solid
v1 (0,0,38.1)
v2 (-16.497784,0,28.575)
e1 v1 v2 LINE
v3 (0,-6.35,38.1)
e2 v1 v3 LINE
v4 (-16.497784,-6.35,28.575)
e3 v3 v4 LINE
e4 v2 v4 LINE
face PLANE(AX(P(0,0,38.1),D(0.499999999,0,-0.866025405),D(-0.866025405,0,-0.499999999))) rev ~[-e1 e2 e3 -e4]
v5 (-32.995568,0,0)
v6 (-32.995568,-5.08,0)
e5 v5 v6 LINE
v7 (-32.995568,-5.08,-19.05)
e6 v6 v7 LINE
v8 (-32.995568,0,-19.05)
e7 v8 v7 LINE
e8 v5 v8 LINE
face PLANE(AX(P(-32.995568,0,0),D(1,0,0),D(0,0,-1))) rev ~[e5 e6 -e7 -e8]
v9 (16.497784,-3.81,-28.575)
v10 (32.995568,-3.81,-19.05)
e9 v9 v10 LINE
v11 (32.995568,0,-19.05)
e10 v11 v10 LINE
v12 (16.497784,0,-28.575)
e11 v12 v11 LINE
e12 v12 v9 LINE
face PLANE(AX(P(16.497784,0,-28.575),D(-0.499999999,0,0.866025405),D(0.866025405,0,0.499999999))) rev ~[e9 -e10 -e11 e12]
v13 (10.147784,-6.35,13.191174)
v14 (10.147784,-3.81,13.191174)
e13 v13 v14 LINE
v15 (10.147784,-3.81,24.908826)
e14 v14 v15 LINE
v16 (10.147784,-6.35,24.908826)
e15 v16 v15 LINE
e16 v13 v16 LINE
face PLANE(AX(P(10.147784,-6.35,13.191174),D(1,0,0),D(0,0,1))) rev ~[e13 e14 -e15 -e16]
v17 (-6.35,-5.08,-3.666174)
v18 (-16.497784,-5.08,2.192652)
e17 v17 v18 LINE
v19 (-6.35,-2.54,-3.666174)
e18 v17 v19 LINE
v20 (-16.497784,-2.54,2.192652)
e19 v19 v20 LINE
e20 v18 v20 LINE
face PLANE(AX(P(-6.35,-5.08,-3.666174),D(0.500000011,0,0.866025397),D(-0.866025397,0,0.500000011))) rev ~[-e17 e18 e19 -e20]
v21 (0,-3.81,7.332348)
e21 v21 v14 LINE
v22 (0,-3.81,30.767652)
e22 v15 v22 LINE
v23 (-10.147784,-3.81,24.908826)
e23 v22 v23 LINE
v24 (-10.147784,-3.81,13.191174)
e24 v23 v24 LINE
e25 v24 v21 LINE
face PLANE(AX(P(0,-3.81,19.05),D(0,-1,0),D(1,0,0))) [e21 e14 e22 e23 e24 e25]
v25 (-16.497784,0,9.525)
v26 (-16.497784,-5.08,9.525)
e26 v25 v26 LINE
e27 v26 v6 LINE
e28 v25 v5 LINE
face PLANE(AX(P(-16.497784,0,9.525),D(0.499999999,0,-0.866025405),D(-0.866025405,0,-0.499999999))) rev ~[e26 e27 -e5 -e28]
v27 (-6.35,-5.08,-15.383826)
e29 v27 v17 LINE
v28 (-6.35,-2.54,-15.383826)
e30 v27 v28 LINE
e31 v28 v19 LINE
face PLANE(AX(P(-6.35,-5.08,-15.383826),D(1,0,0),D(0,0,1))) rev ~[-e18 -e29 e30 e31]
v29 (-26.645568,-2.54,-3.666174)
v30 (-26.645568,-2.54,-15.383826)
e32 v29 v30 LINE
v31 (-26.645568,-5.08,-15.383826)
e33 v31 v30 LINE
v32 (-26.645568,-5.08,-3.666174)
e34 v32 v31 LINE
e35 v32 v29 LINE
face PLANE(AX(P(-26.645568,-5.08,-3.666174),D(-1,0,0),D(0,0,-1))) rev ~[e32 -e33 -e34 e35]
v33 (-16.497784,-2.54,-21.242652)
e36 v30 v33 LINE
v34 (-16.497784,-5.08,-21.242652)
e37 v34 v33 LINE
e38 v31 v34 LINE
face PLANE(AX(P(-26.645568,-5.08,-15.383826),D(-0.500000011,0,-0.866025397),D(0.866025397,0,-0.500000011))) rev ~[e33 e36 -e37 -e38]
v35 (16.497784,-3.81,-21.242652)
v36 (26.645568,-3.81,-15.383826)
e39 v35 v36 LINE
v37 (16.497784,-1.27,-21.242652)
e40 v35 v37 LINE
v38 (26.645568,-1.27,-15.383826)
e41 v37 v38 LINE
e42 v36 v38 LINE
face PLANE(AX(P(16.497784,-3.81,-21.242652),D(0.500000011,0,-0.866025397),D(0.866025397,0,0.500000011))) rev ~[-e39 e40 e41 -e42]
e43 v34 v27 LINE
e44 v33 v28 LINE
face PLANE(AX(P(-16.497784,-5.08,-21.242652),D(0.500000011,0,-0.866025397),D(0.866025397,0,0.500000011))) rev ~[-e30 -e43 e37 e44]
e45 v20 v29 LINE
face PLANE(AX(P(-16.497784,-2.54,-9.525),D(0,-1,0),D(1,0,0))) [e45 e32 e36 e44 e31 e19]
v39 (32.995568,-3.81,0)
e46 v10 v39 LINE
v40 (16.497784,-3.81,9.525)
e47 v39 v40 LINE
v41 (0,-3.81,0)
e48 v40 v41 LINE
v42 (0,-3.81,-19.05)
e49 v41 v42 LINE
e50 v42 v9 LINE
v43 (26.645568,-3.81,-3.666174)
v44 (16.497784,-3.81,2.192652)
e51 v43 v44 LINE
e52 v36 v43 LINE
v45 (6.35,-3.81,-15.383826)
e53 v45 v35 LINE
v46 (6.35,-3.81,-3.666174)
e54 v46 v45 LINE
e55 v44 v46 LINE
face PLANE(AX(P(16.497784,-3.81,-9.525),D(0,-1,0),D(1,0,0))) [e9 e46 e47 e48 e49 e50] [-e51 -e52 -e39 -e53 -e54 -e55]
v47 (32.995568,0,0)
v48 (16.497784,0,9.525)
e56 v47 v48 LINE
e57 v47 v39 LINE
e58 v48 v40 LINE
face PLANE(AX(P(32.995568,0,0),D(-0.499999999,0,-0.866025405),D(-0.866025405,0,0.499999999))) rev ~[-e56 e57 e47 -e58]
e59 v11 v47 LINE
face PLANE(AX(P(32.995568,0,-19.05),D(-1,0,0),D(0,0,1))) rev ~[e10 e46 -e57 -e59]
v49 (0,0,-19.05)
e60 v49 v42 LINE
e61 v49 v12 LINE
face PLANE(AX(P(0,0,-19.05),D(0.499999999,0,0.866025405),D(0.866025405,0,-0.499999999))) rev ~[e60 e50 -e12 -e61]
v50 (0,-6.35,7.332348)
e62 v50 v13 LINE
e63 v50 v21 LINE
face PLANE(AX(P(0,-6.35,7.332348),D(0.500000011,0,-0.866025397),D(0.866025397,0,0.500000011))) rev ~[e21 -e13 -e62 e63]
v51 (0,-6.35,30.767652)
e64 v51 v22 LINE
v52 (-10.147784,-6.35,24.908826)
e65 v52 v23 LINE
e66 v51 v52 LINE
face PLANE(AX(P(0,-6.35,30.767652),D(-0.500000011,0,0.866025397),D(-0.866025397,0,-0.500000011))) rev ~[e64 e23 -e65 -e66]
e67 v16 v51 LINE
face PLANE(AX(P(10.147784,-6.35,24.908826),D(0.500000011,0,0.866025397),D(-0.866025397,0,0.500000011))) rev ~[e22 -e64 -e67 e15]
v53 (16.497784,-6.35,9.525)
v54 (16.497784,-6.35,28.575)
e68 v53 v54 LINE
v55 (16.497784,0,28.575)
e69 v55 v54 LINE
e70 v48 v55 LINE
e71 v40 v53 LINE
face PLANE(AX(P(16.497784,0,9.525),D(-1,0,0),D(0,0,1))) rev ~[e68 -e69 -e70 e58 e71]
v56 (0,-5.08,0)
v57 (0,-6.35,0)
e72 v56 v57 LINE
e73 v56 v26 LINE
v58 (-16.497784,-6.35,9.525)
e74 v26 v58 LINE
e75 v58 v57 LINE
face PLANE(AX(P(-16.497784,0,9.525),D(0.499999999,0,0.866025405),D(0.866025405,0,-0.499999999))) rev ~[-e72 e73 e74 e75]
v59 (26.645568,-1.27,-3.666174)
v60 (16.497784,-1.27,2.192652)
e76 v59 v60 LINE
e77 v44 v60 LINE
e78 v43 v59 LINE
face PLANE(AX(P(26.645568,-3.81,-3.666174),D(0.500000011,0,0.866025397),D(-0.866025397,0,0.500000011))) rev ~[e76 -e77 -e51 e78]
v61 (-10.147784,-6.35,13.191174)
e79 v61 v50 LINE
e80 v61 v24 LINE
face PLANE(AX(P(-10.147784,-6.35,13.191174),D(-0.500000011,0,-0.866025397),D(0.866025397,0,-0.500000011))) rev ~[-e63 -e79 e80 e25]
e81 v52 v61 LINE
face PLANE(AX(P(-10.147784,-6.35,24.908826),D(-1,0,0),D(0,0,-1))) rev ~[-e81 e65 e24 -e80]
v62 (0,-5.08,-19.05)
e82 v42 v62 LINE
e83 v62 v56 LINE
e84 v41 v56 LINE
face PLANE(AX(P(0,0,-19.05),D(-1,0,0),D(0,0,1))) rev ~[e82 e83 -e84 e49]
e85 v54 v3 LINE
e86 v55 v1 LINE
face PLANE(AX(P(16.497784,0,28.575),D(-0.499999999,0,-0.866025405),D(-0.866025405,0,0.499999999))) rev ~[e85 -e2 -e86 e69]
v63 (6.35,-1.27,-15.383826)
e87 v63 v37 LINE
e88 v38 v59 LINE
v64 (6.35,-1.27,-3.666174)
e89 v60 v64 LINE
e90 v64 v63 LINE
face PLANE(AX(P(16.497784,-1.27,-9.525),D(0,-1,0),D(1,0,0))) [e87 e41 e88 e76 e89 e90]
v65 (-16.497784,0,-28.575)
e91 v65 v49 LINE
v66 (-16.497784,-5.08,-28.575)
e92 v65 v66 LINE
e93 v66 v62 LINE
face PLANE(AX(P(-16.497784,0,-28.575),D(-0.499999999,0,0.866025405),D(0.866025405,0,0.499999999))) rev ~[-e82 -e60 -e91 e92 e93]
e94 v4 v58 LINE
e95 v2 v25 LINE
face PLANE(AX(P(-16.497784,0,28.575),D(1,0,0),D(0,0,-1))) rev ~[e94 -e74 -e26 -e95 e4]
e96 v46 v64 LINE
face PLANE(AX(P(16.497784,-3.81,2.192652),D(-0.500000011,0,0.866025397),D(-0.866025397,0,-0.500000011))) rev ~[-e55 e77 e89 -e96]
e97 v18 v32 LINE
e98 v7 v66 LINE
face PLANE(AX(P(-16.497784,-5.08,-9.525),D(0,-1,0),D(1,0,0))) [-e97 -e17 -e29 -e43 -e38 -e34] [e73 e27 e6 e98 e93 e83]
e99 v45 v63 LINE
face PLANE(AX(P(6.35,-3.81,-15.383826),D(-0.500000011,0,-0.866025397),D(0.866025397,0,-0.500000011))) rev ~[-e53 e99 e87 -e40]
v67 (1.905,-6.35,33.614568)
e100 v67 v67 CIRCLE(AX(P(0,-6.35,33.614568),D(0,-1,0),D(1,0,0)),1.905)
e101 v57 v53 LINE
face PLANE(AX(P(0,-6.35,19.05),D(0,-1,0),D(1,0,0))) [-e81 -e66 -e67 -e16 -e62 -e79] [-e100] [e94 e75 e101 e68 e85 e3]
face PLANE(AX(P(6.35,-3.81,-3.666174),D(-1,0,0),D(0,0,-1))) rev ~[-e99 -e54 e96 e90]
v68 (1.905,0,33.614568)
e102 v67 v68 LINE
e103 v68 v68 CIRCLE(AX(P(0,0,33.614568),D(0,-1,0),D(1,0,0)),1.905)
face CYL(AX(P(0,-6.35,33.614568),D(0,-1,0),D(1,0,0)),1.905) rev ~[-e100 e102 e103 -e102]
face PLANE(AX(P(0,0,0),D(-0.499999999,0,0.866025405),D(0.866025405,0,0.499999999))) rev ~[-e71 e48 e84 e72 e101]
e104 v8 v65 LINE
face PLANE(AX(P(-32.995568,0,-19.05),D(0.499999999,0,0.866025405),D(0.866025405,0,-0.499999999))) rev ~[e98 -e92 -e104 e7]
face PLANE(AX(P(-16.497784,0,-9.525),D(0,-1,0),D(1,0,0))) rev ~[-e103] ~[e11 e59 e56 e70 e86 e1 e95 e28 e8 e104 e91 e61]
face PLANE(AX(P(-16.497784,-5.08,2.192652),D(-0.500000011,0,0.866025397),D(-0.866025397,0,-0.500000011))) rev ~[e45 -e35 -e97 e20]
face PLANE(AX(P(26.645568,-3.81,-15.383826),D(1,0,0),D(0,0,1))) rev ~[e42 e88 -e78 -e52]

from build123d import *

# Parameters (mm, degrees)
F3_DEPTH  = 6.35
F4_DEPTH  = 3.81
F5_DEPTH  = 5.08
F7_DEPTH  = 2.54
F9_DEPTH  = 2.54
F11_DEPTH = 2.54
F13_DEPTH = 1.27
F15_R     = 1.905
F16_DEPTH = 25.4


with BuildPart() as f3:
    # F0 (on Front) → F3 (new body)
    with BuildSketch(Plane.XZ):
        Polygon((0, 0), (16.497784, 9.525), (16.497784, 28.575), (0, 38.1), (-16.497784, 28.575), (-16.497784, 9.525), align=None)
    extrude(amount=F3_DEPTH)

    # F1 (on Front) → F4 (join)
    with BuildSketch(Plane.XZ):
        Polygon((16.497784, 9.525), (0, 0), (0, -19.05), (16.497784, -28.575), (32.995568, -19.05), (32.995568, 0), align=None)
    extrude(amount=F4_DEPTH)

    # F2 (on Front) → F5 (join)
    with BuildSketch(Plane.XZ):
        Polygon((-32.995568, -19.05), (-16.497784, -28.575), (0, -19.05), (0, 0), (-16.497784, 9.525), (-32.995568, 0), align=None)
    extrude(amount=F5_DEPTH)

    # F6 (on face) → F7 (cut)
    with BuildSketch(Plane.XZ.offset(6.35)):
        Polygon((-10.147784, 24.908826), (-10.147784, 13.191174), (0, 7.332348), (10.147784, 13.191174), (10.147784, 24.908826), (0, 30.767652), align=None)
    extrude(amount=-F7_DEPTH, mode=Mode.SUBTRACT)

    # F8 (on face) → F9 (cut)
    with BuildSketch(Plane.XZ.offset(5.08)):
        Polygon((-16.497784, 2.192652), (-26.645568, -3.666174), (-26.645568, -15.383826), (-16.497784, -21.242652), (-6.35, -15.383826), (-6.35, -3.666174), align=None)
    extrude(amount=-F9_DEPTH, mode=Mode.SUBTRACT)

    # F10 (on face) → F11 (cut)
    with BuildSketch(Plane.XZ.offset(3.81)):
        Polygon((16.497784, 2.192652), (6.35, -3.666174), (6.35, -15.383826), (16.497784, -21.242652), (26.645568, -15.383826), (26.645568, -3.666174), align=None)
    extrude(amount=-F11_DEPTH, mode=Mode.SUBTRACT)

    # F15 (on face) → F16 (cut)
    with BuildSketch(Plane.XZ.offset(6.35)):
        with Locations((0, 33.614568)):
            Circle(F15_R)
    extrude(amount=-F16_DEPTH, mode=Mode.SUBTRACT)


with BuildPart() as f13:
    # F12 (on Front) → F13 (new body)
    with BuildSketch(Plane.XZ):
        Polygon((0, -19.372597), (-7.288163, -23.370054), (0, -30.658217), (7.288163, -23.370054), align=None)
    extrude(amount=F13_DEPTH)


solid = f3.part
